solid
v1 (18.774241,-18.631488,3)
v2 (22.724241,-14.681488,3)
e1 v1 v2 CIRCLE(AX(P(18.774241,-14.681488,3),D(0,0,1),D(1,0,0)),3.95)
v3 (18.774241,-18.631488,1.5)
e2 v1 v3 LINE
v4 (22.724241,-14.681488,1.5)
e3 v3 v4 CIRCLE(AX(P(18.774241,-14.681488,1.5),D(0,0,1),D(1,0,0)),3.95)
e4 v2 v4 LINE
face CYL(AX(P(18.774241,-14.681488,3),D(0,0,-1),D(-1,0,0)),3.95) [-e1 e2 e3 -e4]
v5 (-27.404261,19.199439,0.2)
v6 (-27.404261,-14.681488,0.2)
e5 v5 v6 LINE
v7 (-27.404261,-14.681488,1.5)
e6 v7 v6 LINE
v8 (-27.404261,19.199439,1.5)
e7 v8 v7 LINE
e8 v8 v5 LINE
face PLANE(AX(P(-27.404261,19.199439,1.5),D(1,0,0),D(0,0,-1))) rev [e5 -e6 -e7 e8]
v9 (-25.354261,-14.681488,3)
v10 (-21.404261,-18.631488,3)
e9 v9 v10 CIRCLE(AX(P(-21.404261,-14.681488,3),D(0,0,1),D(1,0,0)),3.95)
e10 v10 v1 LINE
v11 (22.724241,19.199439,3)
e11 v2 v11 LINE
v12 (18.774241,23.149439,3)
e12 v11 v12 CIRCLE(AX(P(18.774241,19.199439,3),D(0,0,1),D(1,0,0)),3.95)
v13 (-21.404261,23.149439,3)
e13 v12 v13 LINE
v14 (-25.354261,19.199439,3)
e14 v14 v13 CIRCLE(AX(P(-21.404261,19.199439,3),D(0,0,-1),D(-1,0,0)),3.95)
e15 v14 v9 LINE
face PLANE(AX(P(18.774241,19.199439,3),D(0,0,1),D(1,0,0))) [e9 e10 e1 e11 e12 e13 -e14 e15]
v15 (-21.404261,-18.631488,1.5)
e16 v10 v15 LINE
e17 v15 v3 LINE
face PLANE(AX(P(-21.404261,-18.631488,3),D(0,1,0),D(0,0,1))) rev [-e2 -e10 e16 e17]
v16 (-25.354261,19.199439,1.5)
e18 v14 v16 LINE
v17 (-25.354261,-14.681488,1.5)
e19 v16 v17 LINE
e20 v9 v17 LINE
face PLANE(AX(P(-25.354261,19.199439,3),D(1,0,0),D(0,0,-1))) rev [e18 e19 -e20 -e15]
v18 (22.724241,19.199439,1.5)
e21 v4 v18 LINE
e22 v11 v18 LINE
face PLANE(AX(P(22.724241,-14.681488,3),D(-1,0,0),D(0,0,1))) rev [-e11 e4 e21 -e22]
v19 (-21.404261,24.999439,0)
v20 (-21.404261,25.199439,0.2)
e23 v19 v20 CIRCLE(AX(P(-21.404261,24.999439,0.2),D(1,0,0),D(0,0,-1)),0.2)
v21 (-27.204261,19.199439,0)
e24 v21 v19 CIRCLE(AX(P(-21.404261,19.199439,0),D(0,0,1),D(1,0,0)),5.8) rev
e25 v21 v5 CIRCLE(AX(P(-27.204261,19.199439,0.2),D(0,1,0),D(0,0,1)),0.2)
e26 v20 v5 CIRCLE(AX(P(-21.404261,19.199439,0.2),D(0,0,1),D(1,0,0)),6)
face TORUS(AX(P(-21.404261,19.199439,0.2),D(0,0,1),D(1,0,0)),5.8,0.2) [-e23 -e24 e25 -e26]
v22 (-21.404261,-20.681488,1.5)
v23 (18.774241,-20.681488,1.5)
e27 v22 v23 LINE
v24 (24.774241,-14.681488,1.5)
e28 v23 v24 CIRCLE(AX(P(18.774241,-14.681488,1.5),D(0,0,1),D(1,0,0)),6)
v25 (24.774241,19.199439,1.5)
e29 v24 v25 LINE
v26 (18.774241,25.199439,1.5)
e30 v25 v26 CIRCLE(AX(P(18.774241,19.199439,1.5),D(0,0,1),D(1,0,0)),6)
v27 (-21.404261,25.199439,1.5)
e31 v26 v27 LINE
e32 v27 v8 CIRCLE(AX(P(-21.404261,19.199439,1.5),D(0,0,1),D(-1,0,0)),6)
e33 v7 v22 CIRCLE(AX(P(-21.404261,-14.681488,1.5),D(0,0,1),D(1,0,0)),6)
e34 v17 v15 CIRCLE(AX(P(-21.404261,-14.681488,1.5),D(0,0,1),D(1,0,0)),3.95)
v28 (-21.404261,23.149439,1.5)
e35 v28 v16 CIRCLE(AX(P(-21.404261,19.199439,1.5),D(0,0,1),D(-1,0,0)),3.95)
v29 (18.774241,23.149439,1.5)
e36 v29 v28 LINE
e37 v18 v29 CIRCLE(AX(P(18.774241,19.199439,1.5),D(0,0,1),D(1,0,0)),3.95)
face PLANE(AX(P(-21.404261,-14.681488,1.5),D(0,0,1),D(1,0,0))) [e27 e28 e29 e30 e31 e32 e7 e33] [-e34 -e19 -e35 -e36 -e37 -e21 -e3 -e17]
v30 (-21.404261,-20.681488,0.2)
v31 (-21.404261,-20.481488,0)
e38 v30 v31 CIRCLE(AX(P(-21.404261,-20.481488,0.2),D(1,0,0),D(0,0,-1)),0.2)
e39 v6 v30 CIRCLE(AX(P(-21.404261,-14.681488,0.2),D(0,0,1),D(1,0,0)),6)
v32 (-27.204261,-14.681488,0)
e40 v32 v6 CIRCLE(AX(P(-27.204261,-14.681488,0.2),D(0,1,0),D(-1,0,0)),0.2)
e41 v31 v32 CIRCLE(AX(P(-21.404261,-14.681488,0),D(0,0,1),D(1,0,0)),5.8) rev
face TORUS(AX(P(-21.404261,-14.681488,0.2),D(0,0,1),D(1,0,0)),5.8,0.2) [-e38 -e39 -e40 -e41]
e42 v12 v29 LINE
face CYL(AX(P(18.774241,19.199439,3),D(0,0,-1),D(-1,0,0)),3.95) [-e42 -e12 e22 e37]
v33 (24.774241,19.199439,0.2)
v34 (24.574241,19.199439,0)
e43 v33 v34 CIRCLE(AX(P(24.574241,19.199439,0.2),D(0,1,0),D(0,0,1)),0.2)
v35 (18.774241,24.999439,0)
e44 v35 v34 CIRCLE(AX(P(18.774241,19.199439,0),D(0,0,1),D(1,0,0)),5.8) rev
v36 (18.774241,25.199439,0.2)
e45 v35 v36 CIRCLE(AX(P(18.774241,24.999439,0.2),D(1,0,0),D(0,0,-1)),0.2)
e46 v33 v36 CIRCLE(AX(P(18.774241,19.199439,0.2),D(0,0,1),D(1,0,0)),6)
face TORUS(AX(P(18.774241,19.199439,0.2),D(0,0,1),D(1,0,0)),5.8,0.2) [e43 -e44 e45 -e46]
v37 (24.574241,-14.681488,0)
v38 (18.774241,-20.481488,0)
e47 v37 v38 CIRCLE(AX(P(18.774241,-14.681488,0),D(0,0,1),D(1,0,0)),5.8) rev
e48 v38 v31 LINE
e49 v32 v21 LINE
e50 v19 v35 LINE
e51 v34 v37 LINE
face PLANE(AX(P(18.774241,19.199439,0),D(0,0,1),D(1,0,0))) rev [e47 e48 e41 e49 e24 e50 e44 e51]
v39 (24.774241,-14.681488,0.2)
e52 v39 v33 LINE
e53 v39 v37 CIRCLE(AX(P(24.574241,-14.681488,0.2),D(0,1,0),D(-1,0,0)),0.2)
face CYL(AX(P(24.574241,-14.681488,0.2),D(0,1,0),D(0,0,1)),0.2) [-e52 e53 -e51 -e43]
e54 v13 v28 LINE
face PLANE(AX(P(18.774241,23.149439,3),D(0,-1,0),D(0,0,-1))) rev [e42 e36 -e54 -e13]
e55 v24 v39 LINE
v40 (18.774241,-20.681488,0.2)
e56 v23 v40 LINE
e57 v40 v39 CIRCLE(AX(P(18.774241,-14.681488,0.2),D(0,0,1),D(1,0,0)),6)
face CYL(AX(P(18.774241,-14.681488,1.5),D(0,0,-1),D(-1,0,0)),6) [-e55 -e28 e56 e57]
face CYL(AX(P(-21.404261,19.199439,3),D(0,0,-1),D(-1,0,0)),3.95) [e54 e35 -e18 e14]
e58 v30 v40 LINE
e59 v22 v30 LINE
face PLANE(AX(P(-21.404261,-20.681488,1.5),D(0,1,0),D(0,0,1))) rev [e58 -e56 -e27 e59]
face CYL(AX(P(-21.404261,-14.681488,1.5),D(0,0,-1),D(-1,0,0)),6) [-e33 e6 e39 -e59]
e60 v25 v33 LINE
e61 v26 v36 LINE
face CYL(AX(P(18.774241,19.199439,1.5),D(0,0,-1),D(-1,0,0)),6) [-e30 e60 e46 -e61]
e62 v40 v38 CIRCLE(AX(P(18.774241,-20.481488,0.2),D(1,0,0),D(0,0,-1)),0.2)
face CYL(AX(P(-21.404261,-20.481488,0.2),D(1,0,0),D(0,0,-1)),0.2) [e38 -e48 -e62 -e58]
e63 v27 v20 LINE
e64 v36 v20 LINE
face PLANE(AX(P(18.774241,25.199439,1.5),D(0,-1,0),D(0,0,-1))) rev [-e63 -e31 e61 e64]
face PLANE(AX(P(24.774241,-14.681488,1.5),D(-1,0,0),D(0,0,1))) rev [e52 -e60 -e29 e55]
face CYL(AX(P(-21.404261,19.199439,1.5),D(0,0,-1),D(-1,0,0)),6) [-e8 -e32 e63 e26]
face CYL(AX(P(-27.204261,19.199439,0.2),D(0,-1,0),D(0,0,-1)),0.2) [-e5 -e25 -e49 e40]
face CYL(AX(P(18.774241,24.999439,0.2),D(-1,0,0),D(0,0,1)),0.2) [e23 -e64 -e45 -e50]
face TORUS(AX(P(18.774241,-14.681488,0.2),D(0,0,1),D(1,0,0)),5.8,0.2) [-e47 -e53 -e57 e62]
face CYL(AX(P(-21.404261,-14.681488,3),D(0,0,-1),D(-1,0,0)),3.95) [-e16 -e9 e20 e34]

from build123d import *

# Parameters (mm, degrees)
BOSS_EXTRUDE3_DEPTH = 3
BOSS_EXTRUDE4_DEPTH = 1.5
FILLET1_R           = 0.2


with BuildPart() as part:
    # Sketch3 → Boss-Extrude3 (new body)
    with BuildSketch(Plane.XY):
        with BuildLine():
            Line((-25.35426057, 19.199439056), (-25.35426057, -14.681488353))
            ThreePointArc((-25.35426057, -14.681488353), (-24.197332356, -17.474560138), (-21.40426057, -18.631488353))
            Line((-21.40426057, -18.631488353), (18.774241414, -18.631488353))
            ThreePointArc((18.774241414, -18.631488353), (21.567313199, -17.474560138), (22.724241414, -14.681488353))
            Line((22.724241414, -14.681488353), (22.724241414, 19.199439056))
            ThreePointArc((22.724241414, 19.199439056), (21.567313199, 21.992510842), (18.774241414, 23.149439056))
            Line((18.774241414, 23.149439056), (-21.40426057, 23.149439056))
            ThreePointArc((-21.40426057, 23.149439056), (-24.197332356, 21.992510842), (-25.35426057, 19.199439056))
        make_face()
    extrude(amount=BOSS_EXTRUDE3_DEPTH)

    # Sketch3<4> → Boss-Extrude4 (add)
    with BuildSketch(Plane.XY):
        with BuildLine():
            Line((-27.40426057, 19.199439056), (-27.40426057, -14.681488353))
            ThreePointArc((-27.40426057, -14.681488353), (-25.646901258, -18.92412904), (-21.40426057, -20.681488353))
            Line((-21.40426057, -20.681488353), (18.774241414, -20.681488353))
            ThreePointArc((18.774241414, -20.681488353), (23.016882101, -18.92412904), (24.774241414, -14.681488353))
            Line((24.774241414, -14.681488353), (24.774241414, 19.199439056))
            ThreePointArc((24.774241414, 19.199439056), (23.016882101, 23.442079743), (18.774241414, 25.199439056))
            Line((18.774241414, 25.199439056), (-21.40426057, 25.199439056))
            ThreePointArc((-21.40426057, 25.199439056), (-25.646901258, 23.442079743), (-27.40426057, 19.199439056))
        make_face()
        with BuildLine():
            Line((-25.35426057, 19.199439056), (-25.35426057, -14.681488353))
            ThreePointArc((-25.35426057, -14.681488353), (-24.197332356, -17.474560138), (-21.40426057, -18.631488353))
            Line((-21.40426057, -18.631488353), (18.774241414, -18.631488353))
            ThreePointArc((18.774241414, -18.631488353), (21.567313199, -17.474560138), (22.724241414, -14.681488353))
            Line((22.724241414, -14.681488353), (22.724241414, 19.199439056))
            ThreePointArc((22.724241414, 19.199439056), (21.567313199, 21.992510842), (18.774241414, 23.149439056))
            Line((18.774241414, 23.149439056), (-21.40426057, 23.149439056))
            ThreePointArc((-21.40426057, 23.149439056), (-24.197332356, 21.992510842), (-25.35426057, 19.199439056))
        make_face(mode=Mode.SUBTRACT)
    extrude(amount=BOSS_EXTRUDE4_DEPTH)

    # Fillet1
    fillet1_edges = [part.edges().sort_by_distance(p)[0] for p in [
        (-25.646901258, -18.92412904, 0),
        (-1.315009578, -20.681488353, 0),
        (23.016882101, -18.92412904, 0),
        (24.774241414, 2.258975352, 0),
        (23.016882101, 23.442079743, 0),
        (-1.315009578, 25.199439056, 0),
        (-25.646901258, 23.442079743, 0),
        (-27.40426057, 2.258975352, 0),
    ]]
    fillet(fillet1_edges, radius=FILLET1_R)


solid = part.part
